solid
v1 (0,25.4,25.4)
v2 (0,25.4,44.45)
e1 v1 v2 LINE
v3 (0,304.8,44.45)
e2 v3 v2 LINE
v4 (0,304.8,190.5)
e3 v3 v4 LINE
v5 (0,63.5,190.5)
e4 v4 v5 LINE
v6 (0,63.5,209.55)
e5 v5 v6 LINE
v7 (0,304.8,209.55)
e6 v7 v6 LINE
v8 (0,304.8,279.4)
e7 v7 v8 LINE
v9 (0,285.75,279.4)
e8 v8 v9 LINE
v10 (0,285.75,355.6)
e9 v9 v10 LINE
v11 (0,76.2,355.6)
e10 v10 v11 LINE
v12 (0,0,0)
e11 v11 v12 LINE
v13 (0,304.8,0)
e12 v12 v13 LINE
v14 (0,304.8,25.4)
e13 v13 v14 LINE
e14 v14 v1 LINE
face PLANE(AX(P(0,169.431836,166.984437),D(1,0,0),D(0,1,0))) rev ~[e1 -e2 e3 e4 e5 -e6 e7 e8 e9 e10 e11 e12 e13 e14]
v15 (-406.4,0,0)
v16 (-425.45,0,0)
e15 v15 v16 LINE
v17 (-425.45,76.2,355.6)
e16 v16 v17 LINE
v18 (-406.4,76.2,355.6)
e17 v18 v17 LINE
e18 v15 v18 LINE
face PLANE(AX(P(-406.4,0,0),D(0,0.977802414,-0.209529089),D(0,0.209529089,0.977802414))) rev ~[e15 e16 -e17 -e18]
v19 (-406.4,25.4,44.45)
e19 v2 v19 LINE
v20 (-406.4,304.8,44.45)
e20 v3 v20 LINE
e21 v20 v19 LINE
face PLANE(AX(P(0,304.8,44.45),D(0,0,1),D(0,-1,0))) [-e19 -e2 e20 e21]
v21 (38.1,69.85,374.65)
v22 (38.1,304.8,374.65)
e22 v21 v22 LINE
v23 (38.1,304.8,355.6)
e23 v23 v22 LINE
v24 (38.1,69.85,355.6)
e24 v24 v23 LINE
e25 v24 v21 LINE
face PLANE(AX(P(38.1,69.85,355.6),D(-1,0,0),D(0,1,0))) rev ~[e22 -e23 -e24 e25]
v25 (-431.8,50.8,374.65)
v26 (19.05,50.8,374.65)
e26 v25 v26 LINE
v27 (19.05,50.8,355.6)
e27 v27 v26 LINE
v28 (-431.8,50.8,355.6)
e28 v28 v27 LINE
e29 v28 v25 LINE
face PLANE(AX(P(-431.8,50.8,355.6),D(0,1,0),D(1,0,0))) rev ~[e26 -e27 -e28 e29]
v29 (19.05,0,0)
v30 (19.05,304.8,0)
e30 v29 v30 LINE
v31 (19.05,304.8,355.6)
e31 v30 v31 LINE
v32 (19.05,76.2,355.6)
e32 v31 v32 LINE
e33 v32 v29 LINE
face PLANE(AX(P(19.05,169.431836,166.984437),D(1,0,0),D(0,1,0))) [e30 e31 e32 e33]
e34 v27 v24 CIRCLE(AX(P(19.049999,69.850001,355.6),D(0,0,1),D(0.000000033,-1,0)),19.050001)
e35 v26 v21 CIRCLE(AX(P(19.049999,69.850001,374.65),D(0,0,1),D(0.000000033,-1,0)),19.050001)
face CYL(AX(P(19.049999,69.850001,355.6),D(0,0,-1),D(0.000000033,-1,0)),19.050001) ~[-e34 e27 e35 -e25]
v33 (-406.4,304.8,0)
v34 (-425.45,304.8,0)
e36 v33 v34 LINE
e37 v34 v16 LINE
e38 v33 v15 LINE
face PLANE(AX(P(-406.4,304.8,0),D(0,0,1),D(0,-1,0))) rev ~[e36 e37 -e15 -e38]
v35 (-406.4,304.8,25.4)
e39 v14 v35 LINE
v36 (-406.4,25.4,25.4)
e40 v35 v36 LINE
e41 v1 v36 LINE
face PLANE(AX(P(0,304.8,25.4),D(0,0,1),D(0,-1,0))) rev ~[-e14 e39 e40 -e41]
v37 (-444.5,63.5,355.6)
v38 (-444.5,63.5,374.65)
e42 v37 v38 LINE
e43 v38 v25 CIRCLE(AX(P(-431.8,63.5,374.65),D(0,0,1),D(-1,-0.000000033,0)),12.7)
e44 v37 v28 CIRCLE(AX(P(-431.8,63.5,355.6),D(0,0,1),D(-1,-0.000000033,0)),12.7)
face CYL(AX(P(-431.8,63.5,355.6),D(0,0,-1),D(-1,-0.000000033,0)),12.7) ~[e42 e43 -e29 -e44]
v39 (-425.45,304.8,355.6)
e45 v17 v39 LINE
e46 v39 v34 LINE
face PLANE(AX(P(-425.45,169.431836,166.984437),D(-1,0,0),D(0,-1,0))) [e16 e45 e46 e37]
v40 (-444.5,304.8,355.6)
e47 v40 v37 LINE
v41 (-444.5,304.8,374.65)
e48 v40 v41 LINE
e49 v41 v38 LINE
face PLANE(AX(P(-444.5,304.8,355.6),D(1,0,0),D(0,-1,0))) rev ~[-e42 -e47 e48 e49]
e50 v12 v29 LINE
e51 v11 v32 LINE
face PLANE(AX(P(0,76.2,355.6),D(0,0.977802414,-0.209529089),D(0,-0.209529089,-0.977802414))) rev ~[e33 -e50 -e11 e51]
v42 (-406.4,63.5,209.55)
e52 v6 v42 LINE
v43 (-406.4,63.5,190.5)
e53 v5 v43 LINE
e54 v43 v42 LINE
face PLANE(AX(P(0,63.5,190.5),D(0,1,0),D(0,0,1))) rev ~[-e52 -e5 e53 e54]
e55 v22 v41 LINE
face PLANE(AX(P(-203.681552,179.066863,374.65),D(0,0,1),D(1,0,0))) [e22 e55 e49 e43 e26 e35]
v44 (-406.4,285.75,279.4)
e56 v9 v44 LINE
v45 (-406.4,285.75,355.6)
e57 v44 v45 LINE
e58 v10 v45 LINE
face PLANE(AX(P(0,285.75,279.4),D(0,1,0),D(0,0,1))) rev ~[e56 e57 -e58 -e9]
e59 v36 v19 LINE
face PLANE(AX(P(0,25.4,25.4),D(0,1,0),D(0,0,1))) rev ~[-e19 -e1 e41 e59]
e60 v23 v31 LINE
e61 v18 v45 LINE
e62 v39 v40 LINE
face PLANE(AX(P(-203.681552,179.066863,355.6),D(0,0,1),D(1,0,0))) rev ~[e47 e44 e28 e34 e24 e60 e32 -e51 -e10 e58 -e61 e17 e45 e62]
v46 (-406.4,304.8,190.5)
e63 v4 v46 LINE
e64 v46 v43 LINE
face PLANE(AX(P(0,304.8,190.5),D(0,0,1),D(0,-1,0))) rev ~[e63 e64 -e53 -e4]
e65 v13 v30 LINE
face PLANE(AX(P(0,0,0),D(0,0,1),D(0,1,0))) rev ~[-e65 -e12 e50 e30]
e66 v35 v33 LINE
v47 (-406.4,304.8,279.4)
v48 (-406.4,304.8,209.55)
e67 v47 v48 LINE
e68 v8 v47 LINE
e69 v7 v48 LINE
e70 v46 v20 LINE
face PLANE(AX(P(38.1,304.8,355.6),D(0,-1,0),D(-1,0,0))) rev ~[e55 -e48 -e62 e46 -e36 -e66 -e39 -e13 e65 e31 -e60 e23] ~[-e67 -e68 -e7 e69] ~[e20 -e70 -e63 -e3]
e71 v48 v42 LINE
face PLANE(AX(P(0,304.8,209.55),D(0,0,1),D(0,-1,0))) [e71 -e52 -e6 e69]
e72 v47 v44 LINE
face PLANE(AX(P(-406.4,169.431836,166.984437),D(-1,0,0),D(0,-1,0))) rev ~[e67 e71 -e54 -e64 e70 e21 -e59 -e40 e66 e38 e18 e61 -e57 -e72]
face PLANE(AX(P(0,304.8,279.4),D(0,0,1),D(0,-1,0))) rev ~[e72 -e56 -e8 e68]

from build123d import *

# Parameters (mm, degrees)
F1_DEPTH = 19.05
F2_W     = 279.4
F2_H     = 19.05
F2_W_2   = 241.3
F2_W_3   = 19.05
F2_H_2   = 76.2
F3_DEPTH = 406.4
F5_DEPTH = 19.05
F7_DEPTH = 19.05


with BuildPart() as f1:
    # F0 (on Right) → F1 (new body)
    with BuildSketch(Plane.YZ):
        Polygon((76.2, 355.6), (0, 0), (304.8, 0), (304.8, 355.6), align=None)
    extrude(amount=F1_DEPTH)

    # F2 (on face) → F3 (join)
    with BuildSketch(Plane(origin=(0, 0, 0), x_dir=(0, -1, 0), z_dir=(-1, 0, 0))):
        with Locations((-165.1, 34.925)):
            Rectangle(F2_W, F2_H)
        with Locations((-184.15, 200.025)):
            Rectangle(F2_W_2, F2_H)
        with Locations((-295.275, 317.5)):
            Rectangle(F2_W_3, F2_H_2)
    extrude(amount=F3_DEPTH)

    # F4 (on face) → F5 (join)
    with BuildSketch(Plane(origin=(-406.4, 0, 0), x_dir=(0, -1, 0), z_dir=(-1, 0, 0))):
        Polygon((-304.8, 0), (0, 0), (-76.2, 355.6), (-304.8, 355.6), align=None)
    extrude(amount=F5_DEPTH)

    # F6 (on face) → F7 (join)
    with BuildSketch(Plane.XY.offset(355.6)):
        with BuildLine():
            Line((38.1, 69.85), (38.1, 304.8))
            Line((38.1, 304.8), (-444.5, 304.8))
            Line((-444.5, 304.8), (-444.5, 63.5))
            ThreePointArc((-444.5, 63.5), (-440.780256, 54.519744), (-431.8, 50.8))
            Line((-431.8, 50.8), (19.05, 50.8))
            ThreePointArc((19.05, 50.8), (32.520384, 56.379616), (38.1, 69.85))
        make_face()
    extrude(amount=F7_DEPTH)


solid = f1.part
